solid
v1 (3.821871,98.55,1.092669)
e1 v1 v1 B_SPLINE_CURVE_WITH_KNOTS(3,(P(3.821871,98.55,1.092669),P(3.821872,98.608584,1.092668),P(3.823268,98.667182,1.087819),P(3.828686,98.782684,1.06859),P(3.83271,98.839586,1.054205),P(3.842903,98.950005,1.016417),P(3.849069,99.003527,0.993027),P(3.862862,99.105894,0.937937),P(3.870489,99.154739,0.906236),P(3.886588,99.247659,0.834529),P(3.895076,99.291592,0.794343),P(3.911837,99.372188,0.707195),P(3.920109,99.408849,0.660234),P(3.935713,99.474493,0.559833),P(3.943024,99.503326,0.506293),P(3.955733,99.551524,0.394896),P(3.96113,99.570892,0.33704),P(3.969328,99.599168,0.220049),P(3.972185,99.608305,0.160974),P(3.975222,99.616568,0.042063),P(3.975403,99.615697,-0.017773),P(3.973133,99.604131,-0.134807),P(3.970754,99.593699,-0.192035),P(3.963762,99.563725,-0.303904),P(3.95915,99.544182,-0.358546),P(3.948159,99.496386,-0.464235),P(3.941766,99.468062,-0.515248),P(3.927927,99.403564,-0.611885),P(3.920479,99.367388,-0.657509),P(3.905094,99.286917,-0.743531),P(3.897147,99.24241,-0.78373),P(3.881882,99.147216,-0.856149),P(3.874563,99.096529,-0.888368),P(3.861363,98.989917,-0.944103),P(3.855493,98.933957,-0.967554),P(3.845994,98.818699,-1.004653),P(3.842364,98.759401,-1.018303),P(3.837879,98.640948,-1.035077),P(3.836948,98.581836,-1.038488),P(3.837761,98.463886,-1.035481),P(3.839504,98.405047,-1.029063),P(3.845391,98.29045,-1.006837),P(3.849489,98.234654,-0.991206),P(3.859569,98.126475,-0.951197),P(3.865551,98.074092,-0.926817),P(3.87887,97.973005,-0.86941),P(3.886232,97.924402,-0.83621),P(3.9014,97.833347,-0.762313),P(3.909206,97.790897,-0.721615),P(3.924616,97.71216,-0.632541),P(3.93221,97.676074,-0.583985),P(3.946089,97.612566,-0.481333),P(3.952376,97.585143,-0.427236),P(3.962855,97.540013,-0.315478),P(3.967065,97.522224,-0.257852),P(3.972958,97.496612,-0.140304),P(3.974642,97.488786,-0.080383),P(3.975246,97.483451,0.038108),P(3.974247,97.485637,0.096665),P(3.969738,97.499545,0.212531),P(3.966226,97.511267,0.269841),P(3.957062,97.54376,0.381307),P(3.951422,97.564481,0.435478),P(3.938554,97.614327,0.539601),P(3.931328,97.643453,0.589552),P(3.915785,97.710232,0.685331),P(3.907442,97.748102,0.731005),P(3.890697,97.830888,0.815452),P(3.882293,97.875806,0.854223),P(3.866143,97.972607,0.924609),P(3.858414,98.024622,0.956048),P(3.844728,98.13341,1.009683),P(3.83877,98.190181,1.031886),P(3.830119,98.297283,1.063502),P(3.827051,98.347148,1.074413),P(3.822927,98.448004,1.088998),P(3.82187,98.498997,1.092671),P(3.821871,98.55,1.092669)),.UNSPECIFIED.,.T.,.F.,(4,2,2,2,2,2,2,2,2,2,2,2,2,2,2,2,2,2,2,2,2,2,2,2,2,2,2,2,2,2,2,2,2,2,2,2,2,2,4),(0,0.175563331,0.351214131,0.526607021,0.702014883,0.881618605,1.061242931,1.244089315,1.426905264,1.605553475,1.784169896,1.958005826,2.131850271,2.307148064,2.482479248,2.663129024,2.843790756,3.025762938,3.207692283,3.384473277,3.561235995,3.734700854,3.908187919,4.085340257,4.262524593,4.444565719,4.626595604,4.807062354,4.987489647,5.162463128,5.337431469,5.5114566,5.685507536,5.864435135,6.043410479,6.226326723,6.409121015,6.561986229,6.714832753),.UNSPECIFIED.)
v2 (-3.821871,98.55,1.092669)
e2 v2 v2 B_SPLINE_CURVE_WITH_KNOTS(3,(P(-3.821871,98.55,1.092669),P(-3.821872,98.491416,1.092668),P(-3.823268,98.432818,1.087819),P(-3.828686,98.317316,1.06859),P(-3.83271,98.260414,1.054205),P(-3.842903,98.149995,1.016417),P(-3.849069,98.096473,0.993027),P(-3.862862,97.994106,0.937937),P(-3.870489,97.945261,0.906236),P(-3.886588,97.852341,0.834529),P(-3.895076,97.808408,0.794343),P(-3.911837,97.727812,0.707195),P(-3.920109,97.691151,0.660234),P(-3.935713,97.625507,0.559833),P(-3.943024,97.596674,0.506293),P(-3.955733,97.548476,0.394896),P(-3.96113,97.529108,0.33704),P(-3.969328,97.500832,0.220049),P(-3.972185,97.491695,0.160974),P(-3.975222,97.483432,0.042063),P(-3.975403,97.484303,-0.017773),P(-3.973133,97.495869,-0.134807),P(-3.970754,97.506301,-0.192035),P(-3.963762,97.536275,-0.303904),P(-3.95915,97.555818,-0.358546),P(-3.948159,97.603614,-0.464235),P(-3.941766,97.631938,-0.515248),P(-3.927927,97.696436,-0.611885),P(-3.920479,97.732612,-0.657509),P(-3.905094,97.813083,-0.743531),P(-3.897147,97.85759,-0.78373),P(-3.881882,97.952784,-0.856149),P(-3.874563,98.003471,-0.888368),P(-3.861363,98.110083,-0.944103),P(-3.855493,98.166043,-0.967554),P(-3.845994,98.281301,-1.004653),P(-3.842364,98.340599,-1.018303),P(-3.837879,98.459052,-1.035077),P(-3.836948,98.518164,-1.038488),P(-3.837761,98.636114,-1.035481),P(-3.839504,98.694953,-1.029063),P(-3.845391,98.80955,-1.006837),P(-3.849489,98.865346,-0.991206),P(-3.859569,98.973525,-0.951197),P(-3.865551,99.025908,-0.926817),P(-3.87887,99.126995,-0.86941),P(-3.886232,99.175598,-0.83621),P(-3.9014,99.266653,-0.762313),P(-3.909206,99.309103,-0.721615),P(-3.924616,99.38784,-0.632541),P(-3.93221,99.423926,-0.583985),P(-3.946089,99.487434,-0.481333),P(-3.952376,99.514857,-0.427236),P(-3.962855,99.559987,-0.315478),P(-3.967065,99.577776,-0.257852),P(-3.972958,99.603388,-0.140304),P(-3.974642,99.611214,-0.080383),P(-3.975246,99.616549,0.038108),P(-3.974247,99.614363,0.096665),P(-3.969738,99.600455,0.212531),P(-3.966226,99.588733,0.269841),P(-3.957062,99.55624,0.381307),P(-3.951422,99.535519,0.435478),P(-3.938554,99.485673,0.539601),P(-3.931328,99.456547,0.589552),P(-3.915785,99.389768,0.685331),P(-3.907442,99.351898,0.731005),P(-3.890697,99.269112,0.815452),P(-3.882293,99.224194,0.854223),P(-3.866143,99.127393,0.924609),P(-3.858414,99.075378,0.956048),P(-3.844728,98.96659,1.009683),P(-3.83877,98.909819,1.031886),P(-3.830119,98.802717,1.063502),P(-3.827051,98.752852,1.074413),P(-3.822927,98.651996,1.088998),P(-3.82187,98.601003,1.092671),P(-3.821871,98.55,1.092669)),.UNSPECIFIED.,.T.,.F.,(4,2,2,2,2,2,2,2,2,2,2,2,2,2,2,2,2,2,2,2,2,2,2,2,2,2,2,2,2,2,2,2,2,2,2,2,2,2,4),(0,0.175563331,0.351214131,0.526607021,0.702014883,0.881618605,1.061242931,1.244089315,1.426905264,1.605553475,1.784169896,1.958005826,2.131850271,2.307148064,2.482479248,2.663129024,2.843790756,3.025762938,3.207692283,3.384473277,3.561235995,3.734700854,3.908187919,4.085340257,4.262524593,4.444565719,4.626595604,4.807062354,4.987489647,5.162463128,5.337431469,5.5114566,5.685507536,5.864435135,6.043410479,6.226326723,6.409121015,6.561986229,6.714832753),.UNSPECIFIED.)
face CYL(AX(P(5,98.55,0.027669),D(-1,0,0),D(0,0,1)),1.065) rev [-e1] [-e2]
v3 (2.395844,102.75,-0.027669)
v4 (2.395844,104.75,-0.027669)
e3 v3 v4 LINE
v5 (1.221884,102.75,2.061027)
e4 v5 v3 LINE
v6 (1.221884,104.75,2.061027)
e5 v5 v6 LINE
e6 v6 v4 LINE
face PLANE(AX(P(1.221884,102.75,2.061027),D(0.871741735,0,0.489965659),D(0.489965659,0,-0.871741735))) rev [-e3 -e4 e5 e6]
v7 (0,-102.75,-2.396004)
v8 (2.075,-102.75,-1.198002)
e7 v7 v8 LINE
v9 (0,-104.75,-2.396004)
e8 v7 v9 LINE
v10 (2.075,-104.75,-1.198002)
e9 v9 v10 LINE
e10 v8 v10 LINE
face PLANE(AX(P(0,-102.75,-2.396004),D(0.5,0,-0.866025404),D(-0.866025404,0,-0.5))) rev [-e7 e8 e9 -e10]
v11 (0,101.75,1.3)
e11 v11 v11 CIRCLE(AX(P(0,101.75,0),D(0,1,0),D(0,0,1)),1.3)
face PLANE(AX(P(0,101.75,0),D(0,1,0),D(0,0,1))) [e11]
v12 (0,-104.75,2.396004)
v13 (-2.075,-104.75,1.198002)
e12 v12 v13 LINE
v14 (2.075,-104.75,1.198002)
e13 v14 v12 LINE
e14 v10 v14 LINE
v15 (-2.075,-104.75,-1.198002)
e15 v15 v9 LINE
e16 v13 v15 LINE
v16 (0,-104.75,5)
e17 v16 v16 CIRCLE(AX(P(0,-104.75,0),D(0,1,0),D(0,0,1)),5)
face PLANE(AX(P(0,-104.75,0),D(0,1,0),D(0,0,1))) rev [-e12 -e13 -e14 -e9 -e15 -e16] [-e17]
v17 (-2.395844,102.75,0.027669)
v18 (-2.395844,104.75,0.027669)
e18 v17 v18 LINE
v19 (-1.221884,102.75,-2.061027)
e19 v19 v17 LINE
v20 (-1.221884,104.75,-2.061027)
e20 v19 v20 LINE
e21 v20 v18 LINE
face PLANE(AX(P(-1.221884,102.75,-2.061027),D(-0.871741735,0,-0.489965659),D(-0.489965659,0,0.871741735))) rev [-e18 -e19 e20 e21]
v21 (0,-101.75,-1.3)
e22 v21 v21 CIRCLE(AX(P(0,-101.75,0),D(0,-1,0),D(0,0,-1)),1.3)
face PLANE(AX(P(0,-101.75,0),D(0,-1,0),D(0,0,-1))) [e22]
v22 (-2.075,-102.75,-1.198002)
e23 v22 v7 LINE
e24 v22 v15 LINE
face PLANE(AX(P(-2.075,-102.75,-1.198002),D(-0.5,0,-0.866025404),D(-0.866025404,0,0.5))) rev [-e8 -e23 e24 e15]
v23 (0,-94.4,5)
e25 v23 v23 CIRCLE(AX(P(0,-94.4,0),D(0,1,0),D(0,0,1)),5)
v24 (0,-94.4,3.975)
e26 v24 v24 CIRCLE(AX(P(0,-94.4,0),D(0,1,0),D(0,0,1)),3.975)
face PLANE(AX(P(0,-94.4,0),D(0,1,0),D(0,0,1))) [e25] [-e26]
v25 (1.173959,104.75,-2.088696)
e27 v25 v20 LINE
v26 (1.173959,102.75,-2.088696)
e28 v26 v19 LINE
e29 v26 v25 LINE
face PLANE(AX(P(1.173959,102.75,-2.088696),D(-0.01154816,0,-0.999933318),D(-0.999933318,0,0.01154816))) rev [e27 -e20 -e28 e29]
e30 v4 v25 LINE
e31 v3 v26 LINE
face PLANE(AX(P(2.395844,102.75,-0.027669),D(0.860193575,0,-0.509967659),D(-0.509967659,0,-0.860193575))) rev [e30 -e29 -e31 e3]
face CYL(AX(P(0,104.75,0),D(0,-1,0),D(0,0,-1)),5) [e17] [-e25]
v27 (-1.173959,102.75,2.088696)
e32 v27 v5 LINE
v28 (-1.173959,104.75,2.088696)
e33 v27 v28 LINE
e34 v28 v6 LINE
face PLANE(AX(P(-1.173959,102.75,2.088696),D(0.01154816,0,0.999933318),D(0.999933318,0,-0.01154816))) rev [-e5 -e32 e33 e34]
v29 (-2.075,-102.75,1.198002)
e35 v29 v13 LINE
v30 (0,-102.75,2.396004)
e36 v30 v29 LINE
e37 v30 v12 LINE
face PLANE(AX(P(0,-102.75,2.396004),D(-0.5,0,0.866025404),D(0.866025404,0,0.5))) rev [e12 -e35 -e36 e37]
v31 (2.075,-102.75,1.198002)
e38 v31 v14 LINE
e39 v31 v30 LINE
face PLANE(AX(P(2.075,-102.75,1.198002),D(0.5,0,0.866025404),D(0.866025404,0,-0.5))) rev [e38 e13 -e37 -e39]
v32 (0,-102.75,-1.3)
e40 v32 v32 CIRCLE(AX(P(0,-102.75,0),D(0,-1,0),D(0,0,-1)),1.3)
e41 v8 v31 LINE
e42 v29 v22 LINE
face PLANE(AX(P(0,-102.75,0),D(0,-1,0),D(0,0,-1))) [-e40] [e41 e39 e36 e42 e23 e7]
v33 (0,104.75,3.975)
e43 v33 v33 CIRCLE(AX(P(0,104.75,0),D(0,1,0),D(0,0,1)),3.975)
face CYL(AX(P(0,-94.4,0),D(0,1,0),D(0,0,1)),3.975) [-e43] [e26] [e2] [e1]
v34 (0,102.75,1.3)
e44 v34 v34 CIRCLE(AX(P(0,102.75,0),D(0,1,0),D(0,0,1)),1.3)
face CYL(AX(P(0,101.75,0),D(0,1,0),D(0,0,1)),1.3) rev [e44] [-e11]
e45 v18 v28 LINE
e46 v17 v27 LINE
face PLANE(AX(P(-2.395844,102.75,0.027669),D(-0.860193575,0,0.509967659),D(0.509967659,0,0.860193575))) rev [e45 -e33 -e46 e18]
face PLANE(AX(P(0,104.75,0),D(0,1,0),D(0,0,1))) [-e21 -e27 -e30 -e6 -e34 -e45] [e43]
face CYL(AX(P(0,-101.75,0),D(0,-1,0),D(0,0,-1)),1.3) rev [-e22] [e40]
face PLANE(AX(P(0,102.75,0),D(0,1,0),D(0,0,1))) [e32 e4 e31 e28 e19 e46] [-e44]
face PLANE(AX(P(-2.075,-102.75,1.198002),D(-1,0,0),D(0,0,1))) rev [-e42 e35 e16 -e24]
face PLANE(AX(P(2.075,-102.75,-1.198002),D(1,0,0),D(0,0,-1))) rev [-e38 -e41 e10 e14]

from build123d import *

# Parameters (mm, degrees)
SKETCH1_R               = 5
BOSS_EXTRUDE1_DEPTH     = 104.75
SKETCH5_R               = 5
SKETCH5_R_2             = 3.975
CUT_EXTRUDE3_DEPTH      = 199.15
CUT_EXTRUDE4_DEPTH      = 2
CUT_EXTRUDE5_DEPTH      = 2
SKETCH11_R              = 1.3
CUT_EXTRUDE6_DEPTH      = 1
CUT_EXTRUDE7_START      = -1
SKETCH12_R              = 1.3
CUT_EXTRUDE7_DEPTH      = 1
CUT_EXTRUDE8_DEPTH      = 105.988392216
CUT_EXTRUDE8_DEPTH_BACK = 105.988392216
SKETCH13_R              = 1.065


with BuildPart() as part:
    # Sketch1 → Boss-Extrude1 (new, symmetric)
    with BuildSketch(Plane(origin=(0, 0, 0), x_dir=(1, 0, 0), z_dir=(0, 1, 0))):
        with Locations(Location((0, 0, 0), (0, 0, 270))):
            Circle(SKETCH1_R)
    extrude(amount=BOSS_EXTRUDE1_DEPTH, both=True)

    # Sketch5 → Cut-Extrude3 (cut)
    with BuildSketch(Plane(origin=(0, 104.75, 0), x_dir=(1, 0, 0), z_dir=(0, 1, 0))):
        with Locations(Location((0, 0, 0), (0, 0, 270))):
            Circle(SKETCH5_R)
        with Locations(Location((0, 0, 0), (0, 0, 270))):
            Circle(SKETCH5_R_2, mode=Mode.SUBTRACT)
    extrude(amount=-CUT_EXTRUDE3_DEPTH, mode=Mode.SUBTRACT)

    # Sketch8 → Cut-Extrude4 (cut)
    with BuildSketch(Plane(origin=(0, 104.75, 0), x_dir=(1, 0, 0), z_dir=(0, 1, 0))):
        Polygon((1.173959492, 2.088696351), (-1.221884355, 2.061026918), (-2.395843846, -0.027669433), (-1.173959492, -2.088696351), (1.221884355, -2.061026918), (2.395843846, 0.027669433), align=None)
    extrude(amount=-CUT_EXTRUDE4_DEPTH, mode=Mode.SUBTRACT)

    # Sketch10 → Cut-Extrude5 (cut)
    with BuildSketch(Plane.XZ.offset(104.75)):
        Polygon((0, 2.396003617), (-2.075, 1.198001809), (-2.075, -1.198001809), (0, -2.396003617), (2.075, -1.198001809), (2.075, 1.198001809), align=None)
    extrude(amount=-CUT_EXTRUDE5_DEPTH, mode=Mode.SUBTRACT)

    # Sketch11 → Cut-Extrude6 (cut)
    with BuildSketch(Plane.XZ.offset(102.75)):
        with Locations(Location((0, 0, 0), (0, 0, 270))):
            Circle(SKETCH11_R)
    extrude(amount=-CUT_EXTRUDE6_DEPTH, mode=Mode.SUBTRACT)

    # Sketch12 → Cut-Extrude7 (cut)
    with BuildSketch(Plane(origin=(0, 102.75, 0), x_dir=(1, 0, 0), z_dir=(0, 1, 0)).offset(CUT_EXTRUDE7_START)):
        with Locations(Location((0, 0, 0), (0, 0, 90))):
            Circle(SKETCH12_R)
    extrude(amount=CUT_EXTRUDE7_DEPTH, mode=Mode.SUBTRACT)

    # Sketch13 → Cut-Extrude8 (cut, two sides: drawn at the far end of the back side and taken through both)
    with BuildSketch(Plane(origin=(0, 0, 0), x_dir=(0, 0, -1), z_dir=(1, 0, 0)).offset(-CUT_EXTRUDE8_DEPTH_BACK)):
        with Locations(Location((-0.027669433, 98.55, 0), (0, 0, 180))):
            Circle(SKETCH13_R)
    extrude(amount=CUT_EXTRUDE8_DEPTH + CUT_EXTRUDE8_DEPTH_BACK, mode=Mode.SUBTRACT)


solid = part.part
